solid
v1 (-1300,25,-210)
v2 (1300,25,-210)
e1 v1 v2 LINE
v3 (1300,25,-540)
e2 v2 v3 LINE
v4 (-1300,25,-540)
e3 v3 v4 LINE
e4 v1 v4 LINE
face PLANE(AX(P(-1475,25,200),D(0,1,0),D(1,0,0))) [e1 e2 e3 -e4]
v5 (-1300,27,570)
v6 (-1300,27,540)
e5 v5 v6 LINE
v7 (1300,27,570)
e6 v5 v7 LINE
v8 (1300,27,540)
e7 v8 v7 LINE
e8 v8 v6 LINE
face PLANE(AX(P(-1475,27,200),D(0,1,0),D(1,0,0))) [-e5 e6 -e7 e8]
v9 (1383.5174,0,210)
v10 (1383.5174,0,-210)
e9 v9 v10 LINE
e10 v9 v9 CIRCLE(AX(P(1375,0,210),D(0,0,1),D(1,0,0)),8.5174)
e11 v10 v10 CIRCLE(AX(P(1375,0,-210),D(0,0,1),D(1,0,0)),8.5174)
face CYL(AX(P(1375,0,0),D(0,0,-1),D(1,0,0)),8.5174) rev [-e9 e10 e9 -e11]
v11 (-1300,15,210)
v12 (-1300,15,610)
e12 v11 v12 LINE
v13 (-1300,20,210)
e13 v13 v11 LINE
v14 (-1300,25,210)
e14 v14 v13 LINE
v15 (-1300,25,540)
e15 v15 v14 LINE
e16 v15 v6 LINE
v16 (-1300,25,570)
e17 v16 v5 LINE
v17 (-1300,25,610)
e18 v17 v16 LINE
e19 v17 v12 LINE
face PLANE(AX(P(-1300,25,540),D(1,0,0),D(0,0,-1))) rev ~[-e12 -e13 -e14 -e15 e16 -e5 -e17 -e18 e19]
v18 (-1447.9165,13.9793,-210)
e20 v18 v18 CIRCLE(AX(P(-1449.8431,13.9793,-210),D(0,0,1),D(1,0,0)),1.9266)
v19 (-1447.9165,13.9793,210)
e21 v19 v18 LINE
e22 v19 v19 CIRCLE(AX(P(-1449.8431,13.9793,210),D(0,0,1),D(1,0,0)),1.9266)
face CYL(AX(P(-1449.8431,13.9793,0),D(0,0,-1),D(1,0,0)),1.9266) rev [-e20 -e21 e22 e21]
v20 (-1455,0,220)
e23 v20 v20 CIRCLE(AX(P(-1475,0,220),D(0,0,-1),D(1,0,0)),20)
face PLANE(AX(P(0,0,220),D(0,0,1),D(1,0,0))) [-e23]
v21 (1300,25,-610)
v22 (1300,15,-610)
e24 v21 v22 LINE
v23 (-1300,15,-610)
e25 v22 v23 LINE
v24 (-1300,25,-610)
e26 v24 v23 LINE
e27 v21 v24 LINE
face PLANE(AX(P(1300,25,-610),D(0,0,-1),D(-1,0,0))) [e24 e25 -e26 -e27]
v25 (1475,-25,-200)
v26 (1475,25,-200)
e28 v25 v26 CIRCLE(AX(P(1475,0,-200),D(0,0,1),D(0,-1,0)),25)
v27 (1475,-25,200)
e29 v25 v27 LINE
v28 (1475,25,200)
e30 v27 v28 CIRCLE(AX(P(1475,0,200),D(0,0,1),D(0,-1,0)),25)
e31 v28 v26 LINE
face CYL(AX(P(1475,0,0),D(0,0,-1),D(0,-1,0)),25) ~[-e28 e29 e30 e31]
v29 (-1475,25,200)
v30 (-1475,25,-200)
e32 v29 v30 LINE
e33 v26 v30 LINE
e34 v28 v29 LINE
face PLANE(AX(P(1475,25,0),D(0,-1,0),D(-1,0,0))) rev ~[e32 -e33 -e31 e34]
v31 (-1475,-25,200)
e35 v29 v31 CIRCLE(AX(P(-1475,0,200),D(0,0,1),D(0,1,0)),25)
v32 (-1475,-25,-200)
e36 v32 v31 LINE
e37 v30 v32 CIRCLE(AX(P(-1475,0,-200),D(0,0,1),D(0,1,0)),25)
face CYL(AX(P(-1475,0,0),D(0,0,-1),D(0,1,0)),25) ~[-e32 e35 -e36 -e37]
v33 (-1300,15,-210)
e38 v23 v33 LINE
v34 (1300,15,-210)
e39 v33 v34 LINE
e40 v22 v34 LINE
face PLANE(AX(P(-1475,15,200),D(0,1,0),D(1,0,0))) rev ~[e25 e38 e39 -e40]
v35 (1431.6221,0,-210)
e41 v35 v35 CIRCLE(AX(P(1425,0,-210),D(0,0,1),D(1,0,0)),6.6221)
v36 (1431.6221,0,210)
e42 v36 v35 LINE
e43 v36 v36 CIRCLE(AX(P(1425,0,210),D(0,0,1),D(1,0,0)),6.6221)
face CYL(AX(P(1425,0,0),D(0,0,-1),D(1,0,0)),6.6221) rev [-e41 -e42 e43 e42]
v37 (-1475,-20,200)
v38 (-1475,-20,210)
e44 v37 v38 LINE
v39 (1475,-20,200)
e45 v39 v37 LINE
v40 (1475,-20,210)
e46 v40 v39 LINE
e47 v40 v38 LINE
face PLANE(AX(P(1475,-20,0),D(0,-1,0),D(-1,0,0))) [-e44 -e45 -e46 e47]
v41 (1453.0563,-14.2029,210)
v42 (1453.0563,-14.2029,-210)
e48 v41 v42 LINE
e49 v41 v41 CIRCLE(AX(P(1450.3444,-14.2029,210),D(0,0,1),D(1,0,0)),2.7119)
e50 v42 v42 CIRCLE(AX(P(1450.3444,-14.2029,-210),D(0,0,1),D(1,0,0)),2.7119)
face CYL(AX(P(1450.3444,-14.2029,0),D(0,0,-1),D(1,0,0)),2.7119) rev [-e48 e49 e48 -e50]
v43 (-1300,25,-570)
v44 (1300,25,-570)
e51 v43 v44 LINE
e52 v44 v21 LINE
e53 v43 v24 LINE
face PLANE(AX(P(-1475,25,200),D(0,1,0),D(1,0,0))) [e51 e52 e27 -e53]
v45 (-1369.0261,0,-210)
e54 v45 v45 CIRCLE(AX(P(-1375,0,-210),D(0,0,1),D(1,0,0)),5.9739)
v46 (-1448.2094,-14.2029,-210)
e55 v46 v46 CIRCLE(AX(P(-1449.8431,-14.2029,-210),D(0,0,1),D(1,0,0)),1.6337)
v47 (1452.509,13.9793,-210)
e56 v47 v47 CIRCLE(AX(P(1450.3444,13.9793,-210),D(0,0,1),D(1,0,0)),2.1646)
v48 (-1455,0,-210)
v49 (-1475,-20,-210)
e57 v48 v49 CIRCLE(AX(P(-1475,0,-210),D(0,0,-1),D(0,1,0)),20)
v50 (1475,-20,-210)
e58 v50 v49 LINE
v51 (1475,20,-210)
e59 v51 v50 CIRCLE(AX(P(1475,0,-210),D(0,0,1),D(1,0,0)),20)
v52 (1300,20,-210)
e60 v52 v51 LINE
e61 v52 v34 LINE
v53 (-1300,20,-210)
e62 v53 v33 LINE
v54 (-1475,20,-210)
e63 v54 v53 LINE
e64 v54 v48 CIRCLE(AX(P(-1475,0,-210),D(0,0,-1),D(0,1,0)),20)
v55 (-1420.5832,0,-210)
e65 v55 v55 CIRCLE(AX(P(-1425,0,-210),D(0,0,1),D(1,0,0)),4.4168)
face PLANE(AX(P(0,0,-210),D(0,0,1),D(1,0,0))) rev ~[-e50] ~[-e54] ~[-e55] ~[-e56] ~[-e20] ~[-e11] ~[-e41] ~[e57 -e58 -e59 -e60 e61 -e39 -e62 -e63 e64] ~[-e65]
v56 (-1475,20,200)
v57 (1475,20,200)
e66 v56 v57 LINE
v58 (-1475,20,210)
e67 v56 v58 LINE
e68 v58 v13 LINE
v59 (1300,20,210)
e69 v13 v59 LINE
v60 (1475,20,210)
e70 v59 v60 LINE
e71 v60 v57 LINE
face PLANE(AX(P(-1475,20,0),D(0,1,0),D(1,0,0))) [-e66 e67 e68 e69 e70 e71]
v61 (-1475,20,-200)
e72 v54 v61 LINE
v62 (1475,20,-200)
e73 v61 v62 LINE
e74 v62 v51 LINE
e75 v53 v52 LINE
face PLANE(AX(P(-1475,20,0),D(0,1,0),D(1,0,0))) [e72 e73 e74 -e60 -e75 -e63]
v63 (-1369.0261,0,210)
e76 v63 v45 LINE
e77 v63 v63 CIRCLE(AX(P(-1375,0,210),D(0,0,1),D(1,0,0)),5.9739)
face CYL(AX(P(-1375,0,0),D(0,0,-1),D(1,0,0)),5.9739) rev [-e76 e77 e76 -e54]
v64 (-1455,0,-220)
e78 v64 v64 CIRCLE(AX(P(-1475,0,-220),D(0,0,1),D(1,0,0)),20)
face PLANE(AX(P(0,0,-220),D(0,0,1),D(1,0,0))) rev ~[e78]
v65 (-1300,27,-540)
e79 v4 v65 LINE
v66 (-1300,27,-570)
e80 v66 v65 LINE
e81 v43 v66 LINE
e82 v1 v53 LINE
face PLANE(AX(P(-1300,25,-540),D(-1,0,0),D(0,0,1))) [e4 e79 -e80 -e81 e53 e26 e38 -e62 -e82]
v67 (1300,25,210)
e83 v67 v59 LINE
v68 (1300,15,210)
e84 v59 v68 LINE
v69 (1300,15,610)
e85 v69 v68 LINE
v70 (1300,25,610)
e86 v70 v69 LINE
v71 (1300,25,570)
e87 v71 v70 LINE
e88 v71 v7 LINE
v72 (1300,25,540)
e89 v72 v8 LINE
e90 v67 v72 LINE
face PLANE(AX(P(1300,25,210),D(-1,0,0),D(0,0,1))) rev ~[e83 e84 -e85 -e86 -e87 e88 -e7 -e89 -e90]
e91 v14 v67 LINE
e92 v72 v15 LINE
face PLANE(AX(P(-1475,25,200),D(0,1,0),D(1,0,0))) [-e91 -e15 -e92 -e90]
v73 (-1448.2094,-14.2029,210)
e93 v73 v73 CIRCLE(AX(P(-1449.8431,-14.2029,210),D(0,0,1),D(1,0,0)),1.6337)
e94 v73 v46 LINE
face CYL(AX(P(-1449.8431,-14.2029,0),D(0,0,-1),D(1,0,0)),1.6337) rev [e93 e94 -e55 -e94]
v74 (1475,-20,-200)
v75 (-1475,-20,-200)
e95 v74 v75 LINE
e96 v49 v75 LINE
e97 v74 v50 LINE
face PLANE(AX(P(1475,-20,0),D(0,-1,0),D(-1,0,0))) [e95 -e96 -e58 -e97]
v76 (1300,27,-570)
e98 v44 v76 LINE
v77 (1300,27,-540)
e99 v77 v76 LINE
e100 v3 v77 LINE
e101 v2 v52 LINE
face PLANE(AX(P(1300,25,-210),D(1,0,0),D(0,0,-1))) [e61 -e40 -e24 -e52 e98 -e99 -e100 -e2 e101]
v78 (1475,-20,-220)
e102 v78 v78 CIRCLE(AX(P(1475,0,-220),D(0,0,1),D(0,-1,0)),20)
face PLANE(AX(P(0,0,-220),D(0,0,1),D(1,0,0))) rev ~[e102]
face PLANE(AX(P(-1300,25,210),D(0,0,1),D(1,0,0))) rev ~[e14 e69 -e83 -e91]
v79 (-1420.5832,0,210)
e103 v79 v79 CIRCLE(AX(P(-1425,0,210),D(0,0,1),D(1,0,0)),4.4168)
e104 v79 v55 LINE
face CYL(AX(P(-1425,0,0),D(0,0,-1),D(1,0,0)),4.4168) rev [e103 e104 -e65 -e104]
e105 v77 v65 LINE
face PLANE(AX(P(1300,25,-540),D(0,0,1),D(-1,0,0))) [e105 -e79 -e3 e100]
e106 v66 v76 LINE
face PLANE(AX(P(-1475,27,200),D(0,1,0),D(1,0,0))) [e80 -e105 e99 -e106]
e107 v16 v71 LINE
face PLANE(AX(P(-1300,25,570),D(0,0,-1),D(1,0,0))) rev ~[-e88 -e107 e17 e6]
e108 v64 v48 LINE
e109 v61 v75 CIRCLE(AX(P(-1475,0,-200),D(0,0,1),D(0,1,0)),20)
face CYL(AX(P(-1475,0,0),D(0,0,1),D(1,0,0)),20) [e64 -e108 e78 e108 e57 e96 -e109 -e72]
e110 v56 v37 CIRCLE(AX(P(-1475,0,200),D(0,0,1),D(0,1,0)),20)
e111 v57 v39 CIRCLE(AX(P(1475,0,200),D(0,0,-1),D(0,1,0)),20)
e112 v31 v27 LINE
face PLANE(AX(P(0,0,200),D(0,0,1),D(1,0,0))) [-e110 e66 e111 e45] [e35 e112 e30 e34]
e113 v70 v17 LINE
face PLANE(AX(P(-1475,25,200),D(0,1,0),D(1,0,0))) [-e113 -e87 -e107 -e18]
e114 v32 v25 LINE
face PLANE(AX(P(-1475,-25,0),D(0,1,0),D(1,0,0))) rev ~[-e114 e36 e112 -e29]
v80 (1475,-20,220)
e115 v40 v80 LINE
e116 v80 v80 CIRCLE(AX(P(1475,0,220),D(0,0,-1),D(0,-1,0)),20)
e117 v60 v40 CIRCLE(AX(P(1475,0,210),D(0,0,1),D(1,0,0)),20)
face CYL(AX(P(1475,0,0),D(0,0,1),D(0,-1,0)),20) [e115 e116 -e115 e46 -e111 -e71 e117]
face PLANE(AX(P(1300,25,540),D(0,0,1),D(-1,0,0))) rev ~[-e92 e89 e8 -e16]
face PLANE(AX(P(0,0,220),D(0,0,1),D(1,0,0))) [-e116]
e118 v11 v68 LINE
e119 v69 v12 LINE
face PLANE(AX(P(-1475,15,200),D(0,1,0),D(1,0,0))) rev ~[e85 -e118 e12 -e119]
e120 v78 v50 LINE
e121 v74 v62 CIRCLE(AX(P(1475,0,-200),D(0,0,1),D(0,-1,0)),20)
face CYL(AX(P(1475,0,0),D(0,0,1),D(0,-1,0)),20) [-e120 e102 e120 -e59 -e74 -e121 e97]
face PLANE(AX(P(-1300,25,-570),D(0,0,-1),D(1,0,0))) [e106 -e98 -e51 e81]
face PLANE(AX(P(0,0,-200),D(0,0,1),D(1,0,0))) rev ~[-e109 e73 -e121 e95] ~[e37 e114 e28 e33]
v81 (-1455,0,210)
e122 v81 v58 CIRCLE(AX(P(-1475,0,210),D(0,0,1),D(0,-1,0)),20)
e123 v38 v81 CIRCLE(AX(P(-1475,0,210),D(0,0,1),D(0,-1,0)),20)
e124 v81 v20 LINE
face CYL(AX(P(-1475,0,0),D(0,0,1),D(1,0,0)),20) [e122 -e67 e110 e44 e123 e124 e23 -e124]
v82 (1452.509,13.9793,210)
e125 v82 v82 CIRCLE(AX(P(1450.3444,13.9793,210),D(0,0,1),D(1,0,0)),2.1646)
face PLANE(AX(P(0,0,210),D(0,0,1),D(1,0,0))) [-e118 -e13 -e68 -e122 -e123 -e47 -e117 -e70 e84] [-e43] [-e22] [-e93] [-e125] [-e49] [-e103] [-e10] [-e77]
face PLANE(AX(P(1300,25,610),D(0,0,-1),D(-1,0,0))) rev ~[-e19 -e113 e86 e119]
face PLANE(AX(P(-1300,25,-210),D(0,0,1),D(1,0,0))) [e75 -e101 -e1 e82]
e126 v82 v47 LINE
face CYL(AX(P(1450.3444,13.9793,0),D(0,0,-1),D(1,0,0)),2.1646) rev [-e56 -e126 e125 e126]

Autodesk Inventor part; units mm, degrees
ref_plane "YZ Plane" through (0, 0, 0) normal (1, 0, 0) x (0, 1, 0)
ref_plane "XZ Plane" through (0, 0, 0) normal (0, 1, 0) x (-1, 0, 0)
ref_plane "XY Plane" through (0, 0, 0) normal (0, 0, 1) x (1, 0, 0)
sketch "Sketch1" plane through (0, 0, 0) normal (0, 0, 1) x (1, 0, 0)
  line L0 (-1500, 0) -> (1500, 0) construction
  line L1 (-1475, -25) -> (1475, -25)
  line L2 (1475, 25) -> (-1475, 25)
  arc A0 (-1475, 25) -> (-1475, -25) centre (-1475, 0) ccw
  arc A1 (1475, -25) -> (1475, 25) centre (1475, 0) ccw
  line L3 (-1475, 20) -> (1475, 20)
  arc A2 (1475, -20) -> (1475, 20) centre (1475, 0) ccw
  line L4 (1475, -20) -> (-1475, -20)
  arc A3 (-1475, 20) -> (-1475, -20) centre (-1475, 0) ccw
  circle A4 centre (-1475, 0) radius 20
  circle A5 centre (1475, 0) radius 20
  circle A6 centre (-1425, 0) radius 4.4168
  circle A7 centre (-1375, 0) radius 5.9739
  circle A8 centre (-1449.8431, 13.9793) radius 1.9266
  circle A9 centre (-1449.8431, -14.2029) radius 1.6337
  circle A10 centre (1450.3444, 13.9793) radius 2.1646
  circle A11 centre (1450.3444, -14.2029) radius 2.7119
  circle A12 centre (1425, 0) radius 6.6221
  circle A13 centre (1375, 0) radius 8.5174
  point P0 (0, 0)
  point P1 (0, 0)
  point P2 (1500, 0)
  point P3 (-1500, 0)
  dimension "d0" = 3000
  dimension "d1" = 50
  dimension "d2" = 5
  dimension "d17" = 75
  dimension "d18" = 50
  dimension "d19" = 75
  dimension "d20" = 50
extrude "Extrusion1" add sketch "Sketch1" along normal mid plane 400 contours A0 L2 A1 L1
extrude "Extrusion2" add sketch "Sketch1" along normal mid plane 420 contours L3 A5 L4 A4
extrude "Extrusion3" add sketch "Sketch1" along normal mid plane 440 contours A4 A3 | A2 A5
sketch "Sketch2" plane through (-1475, 25, 200) normal (0, 1, 0) x (1, 0, 0)
  line L0 (0, 410) -> (2950, 410) projected
  line L1 (175, 410) -> (2775, 410)
  line L2 (2775, 410) -> (2775, 810)
  line L3 (2775, 810) -> (175, 810)
  line L4 (175, 810) -> (175, 410)
  line L5 (175, 770) -> (2775, 770)
  line L6 (2775, 770) -> (2775, 740)
  line L7 (2775, 740) -> (175, 740)
  line L8 (175, 740) -> (175, 770)
  line L9 (2950, 400) -> (2950, 0) construction
  line L10 (2950, 200) -> (0, 200) construction
  line L11 (0, 400) -> (0, 0) construction
  line L12 (175, -10) -> (2775, -10)
  line L13 (2775, -10) -> (2775, -410)
  line L14 (2775, -410) -> (175, -410)
  line L15 (175, -410) -> (175, -10)
  line L16 (175, -370) -> (2775, -370)
  line L17 (2775, -370) -> (2775, -340)
  line L18 (2775, -340) -> (175, -340)
  line L19 (175, -340) -> (175, -370)
  point P0 (1475, 200)
  point P1 (1475, 410)
  point P2 (1475, -10)
  point P3 (175, -340)
  point P4 (175, 740)
  dimension "d9" = 2600
  dimension "d10" = 400
  dimension "d11" = 30
  dimension "d12" = 40
extrude "Extrusion4" add sketch "Sketch2" against normal blind 10
extrude "Extrusion5" add sketch "Sketch2" along normal blind 2 contours L4 L5 L2 L7 | L18 L13 L16 L15
properties part number "SACMI DPA CARDBOARD CONVEYOR"
